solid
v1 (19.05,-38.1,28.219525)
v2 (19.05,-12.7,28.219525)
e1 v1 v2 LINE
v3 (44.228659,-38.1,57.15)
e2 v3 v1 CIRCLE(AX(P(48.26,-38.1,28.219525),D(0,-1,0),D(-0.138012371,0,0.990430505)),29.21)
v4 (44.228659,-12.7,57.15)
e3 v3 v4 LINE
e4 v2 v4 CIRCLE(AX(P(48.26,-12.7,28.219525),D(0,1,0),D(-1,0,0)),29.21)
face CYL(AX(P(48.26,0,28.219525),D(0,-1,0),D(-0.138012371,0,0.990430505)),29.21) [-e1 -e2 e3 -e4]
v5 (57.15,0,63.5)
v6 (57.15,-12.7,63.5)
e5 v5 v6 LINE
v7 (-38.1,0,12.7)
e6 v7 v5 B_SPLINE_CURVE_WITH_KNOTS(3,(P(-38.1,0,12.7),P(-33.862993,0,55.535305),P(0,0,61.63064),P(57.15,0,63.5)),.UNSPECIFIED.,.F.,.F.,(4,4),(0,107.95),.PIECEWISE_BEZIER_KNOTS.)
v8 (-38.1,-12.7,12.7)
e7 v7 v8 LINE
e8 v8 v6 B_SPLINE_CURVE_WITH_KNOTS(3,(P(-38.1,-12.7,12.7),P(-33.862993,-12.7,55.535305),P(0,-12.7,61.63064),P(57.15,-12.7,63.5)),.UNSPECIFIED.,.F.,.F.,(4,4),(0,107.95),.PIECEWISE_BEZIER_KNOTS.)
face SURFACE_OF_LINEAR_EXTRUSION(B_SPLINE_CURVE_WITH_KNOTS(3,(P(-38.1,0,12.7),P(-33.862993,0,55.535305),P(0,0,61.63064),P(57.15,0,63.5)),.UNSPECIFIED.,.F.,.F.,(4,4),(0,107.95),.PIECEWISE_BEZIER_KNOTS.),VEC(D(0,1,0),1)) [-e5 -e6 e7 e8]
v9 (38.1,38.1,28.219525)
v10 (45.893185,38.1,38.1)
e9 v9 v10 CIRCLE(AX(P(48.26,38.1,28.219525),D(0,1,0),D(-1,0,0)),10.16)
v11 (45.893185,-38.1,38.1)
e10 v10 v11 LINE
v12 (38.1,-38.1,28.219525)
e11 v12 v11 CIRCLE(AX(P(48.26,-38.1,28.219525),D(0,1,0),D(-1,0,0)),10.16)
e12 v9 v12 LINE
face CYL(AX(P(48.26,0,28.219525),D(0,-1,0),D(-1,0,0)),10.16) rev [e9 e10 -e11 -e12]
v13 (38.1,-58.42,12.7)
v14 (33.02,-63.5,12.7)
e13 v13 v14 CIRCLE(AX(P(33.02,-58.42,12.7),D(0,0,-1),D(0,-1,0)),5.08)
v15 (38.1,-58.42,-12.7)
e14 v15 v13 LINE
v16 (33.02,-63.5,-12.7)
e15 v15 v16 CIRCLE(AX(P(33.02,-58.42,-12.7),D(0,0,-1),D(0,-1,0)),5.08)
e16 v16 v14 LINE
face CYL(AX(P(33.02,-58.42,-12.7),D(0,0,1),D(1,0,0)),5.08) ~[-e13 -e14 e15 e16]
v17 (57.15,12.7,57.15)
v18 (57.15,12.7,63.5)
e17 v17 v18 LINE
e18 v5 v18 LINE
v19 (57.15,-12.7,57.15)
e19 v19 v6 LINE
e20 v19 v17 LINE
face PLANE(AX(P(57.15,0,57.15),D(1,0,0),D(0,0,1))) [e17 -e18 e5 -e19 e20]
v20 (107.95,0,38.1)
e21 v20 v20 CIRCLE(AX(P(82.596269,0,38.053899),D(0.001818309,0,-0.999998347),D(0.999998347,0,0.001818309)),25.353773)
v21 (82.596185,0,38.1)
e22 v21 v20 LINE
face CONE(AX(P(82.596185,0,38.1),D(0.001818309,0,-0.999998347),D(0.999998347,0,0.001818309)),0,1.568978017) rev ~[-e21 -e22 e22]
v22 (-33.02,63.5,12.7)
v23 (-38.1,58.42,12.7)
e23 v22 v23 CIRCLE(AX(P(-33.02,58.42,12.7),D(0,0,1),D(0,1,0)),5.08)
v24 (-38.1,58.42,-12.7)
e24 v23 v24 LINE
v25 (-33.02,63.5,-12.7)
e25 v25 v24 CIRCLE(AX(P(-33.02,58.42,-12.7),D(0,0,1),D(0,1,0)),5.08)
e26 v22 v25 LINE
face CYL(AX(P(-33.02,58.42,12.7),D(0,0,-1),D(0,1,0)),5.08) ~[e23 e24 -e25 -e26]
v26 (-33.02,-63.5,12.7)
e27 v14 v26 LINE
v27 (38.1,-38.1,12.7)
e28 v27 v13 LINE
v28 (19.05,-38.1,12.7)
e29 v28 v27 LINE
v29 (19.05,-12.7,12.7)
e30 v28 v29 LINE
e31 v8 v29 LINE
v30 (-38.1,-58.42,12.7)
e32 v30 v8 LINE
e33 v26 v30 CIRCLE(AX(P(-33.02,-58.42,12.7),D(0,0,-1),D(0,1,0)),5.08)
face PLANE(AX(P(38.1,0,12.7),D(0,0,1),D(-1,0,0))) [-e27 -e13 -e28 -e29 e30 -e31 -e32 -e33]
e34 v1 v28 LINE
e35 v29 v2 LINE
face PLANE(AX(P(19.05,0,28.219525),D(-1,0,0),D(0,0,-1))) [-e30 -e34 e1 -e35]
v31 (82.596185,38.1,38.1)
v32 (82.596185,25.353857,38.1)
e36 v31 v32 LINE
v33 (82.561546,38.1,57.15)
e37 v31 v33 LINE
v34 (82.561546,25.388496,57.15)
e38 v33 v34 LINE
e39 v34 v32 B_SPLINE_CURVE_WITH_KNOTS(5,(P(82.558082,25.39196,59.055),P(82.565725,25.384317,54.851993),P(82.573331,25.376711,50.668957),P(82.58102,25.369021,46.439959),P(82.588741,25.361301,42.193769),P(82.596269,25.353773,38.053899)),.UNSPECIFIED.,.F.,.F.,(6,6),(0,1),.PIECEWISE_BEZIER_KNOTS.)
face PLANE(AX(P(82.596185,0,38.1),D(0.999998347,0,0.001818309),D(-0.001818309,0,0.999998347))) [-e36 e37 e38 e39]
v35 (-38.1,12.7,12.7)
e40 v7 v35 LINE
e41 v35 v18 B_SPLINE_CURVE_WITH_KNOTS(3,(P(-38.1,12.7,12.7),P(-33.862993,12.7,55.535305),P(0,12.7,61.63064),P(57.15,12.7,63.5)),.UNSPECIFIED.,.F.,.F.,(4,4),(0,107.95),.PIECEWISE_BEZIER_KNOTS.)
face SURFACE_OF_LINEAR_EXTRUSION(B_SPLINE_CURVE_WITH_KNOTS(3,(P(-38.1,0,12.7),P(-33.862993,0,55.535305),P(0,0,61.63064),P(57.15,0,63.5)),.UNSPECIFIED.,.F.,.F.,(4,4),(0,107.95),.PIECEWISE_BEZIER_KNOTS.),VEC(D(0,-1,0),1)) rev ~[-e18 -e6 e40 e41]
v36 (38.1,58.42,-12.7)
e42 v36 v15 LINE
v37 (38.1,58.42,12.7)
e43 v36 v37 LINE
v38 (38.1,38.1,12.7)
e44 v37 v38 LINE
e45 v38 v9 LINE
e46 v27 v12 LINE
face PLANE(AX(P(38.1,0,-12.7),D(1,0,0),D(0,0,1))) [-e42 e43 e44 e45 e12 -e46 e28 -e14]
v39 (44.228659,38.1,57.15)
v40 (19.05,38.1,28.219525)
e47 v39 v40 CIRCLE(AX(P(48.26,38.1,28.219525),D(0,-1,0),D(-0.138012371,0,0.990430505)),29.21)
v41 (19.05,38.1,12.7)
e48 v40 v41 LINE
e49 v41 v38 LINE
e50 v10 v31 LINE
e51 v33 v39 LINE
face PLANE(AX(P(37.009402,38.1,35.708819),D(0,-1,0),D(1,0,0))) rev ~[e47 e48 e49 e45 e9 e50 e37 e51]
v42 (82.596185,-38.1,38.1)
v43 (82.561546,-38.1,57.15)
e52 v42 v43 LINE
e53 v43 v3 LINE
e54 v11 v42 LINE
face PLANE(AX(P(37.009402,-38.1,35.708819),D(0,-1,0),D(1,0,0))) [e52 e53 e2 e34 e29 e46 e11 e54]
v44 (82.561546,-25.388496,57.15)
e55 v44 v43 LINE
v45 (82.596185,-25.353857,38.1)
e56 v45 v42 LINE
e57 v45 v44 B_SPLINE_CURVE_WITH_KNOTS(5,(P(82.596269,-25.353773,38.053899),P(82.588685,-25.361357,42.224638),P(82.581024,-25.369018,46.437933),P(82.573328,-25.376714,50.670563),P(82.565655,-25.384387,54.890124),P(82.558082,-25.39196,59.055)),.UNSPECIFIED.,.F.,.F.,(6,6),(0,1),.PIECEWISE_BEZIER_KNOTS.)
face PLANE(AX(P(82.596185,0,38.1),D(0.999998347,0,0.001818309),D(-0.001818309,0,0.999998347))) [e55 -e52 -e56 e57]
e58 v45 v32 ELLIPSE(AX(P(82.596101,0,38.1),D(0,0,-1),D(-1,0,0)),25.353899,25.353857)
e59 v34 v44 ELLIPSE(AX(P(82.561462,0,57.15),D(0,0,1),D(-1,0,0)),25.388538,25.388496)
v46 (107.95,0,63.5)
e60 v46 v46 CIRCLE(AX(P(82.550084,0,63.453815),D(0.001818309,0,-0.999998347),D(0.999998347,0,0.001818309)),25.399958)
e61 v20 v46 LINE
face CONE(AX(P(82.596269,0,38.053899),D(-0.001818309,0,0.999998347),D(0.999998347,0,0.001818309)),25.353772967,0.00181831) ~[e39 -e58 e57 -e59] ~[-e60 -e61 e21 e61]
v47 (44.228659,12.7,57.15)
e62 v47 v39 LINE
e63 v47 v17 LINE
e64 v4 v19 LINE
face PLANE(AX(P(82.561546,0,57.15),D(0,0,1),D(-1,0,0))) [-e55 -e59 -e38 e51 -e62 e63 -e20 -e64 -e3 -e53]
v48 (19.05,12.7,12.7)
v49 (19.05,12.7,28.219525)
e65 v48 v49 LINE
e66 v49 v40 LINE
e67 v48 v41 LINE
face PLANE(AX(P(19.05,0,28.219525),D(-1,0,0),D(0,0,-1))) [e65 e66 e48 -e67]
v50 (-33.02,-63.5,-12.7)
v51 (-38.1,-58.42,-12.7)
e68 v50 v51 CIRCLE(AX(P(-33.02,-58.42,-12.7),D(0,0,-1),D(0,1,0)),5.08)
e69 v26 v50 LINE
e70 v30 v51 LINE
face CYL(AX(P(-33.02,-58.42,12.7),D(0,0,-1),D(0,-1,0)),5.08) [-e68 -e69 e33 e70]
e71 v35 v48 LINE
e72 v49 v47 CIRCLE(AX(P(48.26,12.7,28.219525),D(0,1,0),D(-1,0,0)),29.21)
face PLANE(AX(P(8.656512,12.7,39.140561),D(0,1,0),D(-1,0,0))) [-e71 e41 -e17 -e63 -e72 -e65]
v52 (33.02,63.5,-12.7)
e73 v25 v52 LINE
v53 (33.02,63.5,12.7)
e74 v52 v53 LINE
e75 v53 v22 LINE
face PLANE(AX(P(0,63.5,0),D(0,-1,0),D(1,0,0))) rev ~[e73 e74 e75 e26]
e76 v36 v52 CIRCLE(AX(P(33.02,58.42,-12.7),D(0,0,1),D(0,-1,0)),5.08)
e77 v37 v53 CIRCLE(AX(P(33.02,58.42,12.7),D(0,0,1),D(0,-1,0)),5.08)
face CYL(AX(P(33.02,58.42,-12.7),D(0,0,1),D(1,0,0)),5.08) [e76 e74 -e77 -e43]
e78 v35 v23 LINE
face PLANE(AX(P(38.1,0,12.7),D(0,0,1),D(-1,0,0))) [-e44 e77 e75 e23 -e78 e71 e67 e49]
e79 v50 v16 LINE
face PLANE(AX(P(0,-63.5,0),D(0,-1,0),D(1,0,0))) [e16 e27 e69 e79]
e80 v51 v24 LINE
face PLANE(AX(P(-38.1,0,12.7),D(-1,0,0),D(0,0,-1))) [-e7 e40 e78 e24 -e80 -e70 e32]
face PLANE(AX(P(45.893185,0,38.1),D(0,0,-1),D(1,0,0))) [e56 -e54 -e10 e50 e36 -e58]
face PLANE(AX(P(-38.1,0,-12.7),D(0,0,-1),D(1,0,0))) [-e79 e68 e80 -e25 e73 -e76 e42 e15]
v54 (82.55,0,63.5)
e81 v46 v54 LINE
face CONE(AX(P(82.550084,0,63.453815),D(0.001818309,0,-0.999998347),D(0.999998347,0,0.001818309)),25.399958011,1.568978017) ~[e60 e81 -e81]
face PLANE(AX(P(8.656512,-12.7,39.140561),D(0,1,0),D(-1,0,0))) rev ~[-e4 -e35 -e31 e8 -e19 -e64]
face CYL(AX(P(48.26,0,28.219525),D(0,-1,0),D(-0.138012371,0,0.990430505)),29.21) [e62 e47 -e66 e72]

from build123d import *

# Parameters (mm, degrees)
F1_DEPTH = 63.5
F2_DEPTH = 38.1
F3_DEPTH = 12.7
F5_R     = 5.08


with BuildPart() as f1:
    # F0 (on Front) → F1 (new body, symmetric)
    with BuildSketch(Plane.XZ):
        Polygon((-38.1, -12.7), (38.1, -12.7), (38.1, 12.7), (19.05, 12.7), (-38.1, 12.7), align=None)
    extrude(amount=F1_DEPTH, both=True)

    # F0 (on Front) → F2 (join, symmetric)
    with BuildSketch(Plane.XZ):
        with BuildLine():
            Line((19.05, 12.7), (38.1, 12.7))
            Line((38.1, 12.7), (38.1, 28.2195249445))
            ThreePointArc((38.1, 28.2195249445), (40.2827686763, 34.511534195), (45.8931851198, 38.1))
            Line((45.8931851198, 38.1), (57.15, 38.1))
            Line((57.15, 38.1), (57.15, 57.15))
            Line((57.15, 57.15), (44.2286586523, 57.15))
            ThreePointArc((44.2286586523, 57.15), (26.2261671427, 47.395924753), (19.05, 28.2195249445))
            Line((19.05, 28.2195249445), (19.05, 12.7))
        make_face()
        Polygon((82.5615462799, 57.15), (57.15, 57.15), (57.15, 38.1), (82.5961851198, 38.1), align=None)
    extrude(amount=F2_DEPTH, both=True)

    # F0 (on Front) → F3 (join, symmetric)
    with BuildSketch(Plane.XZ):
        with BuildLine():
            add(Edge.make_bspline(
                [(-38.1, 12.7), (-33.8629931211, 55.5353052914), (0, 61.6306401789), (57.15, 63.5)],
                knots=[0, 0, 0, 0, 107.95, 107.95, 107.95, 107.95], degree=3))
            Line((-38.1, 12.7), (19.05, 12.7))
            Line((19.05, 12.7), (19.05, 28.2195249445))
            ThreePointArc((19.05, 28.2195249445), (26.2261671427, 47.395924753), (44.2286586523, 57.15))
            Line((44.2286586523, 57.15), (57.15, 57.15))
            Line((57.15, 57.15), (57.15, 63.5))
        make_face()
    extrude(amount=F3_DEPTH, both=True)

    # F0 (on Front) → F4 (revolve)
    with BuildSketch(Plane.XZ):
        Polygon((107.95, 63.5), (82.55, 63.5), (82.5615462799, 57.15), (82.5961851198, 38.1), (107.95, 38.1), align=None)
    revolve(axis=Axis((82.5730925599, 0, 50.8), (0.0018183088, 0, -0.9999983469)))

    # F5
    f5_edges = [f1.edges().sort_by_distance(p)[0] for p in [
        (38.1, -63.5, 0),
        (-38.1, -63.5, 0),
        (38.1, 63.5, 0),
        (-38.1, 63.5, 0),
    ]]
    fillet(f5_edges, radius=F5_R)


solid = f1.part
